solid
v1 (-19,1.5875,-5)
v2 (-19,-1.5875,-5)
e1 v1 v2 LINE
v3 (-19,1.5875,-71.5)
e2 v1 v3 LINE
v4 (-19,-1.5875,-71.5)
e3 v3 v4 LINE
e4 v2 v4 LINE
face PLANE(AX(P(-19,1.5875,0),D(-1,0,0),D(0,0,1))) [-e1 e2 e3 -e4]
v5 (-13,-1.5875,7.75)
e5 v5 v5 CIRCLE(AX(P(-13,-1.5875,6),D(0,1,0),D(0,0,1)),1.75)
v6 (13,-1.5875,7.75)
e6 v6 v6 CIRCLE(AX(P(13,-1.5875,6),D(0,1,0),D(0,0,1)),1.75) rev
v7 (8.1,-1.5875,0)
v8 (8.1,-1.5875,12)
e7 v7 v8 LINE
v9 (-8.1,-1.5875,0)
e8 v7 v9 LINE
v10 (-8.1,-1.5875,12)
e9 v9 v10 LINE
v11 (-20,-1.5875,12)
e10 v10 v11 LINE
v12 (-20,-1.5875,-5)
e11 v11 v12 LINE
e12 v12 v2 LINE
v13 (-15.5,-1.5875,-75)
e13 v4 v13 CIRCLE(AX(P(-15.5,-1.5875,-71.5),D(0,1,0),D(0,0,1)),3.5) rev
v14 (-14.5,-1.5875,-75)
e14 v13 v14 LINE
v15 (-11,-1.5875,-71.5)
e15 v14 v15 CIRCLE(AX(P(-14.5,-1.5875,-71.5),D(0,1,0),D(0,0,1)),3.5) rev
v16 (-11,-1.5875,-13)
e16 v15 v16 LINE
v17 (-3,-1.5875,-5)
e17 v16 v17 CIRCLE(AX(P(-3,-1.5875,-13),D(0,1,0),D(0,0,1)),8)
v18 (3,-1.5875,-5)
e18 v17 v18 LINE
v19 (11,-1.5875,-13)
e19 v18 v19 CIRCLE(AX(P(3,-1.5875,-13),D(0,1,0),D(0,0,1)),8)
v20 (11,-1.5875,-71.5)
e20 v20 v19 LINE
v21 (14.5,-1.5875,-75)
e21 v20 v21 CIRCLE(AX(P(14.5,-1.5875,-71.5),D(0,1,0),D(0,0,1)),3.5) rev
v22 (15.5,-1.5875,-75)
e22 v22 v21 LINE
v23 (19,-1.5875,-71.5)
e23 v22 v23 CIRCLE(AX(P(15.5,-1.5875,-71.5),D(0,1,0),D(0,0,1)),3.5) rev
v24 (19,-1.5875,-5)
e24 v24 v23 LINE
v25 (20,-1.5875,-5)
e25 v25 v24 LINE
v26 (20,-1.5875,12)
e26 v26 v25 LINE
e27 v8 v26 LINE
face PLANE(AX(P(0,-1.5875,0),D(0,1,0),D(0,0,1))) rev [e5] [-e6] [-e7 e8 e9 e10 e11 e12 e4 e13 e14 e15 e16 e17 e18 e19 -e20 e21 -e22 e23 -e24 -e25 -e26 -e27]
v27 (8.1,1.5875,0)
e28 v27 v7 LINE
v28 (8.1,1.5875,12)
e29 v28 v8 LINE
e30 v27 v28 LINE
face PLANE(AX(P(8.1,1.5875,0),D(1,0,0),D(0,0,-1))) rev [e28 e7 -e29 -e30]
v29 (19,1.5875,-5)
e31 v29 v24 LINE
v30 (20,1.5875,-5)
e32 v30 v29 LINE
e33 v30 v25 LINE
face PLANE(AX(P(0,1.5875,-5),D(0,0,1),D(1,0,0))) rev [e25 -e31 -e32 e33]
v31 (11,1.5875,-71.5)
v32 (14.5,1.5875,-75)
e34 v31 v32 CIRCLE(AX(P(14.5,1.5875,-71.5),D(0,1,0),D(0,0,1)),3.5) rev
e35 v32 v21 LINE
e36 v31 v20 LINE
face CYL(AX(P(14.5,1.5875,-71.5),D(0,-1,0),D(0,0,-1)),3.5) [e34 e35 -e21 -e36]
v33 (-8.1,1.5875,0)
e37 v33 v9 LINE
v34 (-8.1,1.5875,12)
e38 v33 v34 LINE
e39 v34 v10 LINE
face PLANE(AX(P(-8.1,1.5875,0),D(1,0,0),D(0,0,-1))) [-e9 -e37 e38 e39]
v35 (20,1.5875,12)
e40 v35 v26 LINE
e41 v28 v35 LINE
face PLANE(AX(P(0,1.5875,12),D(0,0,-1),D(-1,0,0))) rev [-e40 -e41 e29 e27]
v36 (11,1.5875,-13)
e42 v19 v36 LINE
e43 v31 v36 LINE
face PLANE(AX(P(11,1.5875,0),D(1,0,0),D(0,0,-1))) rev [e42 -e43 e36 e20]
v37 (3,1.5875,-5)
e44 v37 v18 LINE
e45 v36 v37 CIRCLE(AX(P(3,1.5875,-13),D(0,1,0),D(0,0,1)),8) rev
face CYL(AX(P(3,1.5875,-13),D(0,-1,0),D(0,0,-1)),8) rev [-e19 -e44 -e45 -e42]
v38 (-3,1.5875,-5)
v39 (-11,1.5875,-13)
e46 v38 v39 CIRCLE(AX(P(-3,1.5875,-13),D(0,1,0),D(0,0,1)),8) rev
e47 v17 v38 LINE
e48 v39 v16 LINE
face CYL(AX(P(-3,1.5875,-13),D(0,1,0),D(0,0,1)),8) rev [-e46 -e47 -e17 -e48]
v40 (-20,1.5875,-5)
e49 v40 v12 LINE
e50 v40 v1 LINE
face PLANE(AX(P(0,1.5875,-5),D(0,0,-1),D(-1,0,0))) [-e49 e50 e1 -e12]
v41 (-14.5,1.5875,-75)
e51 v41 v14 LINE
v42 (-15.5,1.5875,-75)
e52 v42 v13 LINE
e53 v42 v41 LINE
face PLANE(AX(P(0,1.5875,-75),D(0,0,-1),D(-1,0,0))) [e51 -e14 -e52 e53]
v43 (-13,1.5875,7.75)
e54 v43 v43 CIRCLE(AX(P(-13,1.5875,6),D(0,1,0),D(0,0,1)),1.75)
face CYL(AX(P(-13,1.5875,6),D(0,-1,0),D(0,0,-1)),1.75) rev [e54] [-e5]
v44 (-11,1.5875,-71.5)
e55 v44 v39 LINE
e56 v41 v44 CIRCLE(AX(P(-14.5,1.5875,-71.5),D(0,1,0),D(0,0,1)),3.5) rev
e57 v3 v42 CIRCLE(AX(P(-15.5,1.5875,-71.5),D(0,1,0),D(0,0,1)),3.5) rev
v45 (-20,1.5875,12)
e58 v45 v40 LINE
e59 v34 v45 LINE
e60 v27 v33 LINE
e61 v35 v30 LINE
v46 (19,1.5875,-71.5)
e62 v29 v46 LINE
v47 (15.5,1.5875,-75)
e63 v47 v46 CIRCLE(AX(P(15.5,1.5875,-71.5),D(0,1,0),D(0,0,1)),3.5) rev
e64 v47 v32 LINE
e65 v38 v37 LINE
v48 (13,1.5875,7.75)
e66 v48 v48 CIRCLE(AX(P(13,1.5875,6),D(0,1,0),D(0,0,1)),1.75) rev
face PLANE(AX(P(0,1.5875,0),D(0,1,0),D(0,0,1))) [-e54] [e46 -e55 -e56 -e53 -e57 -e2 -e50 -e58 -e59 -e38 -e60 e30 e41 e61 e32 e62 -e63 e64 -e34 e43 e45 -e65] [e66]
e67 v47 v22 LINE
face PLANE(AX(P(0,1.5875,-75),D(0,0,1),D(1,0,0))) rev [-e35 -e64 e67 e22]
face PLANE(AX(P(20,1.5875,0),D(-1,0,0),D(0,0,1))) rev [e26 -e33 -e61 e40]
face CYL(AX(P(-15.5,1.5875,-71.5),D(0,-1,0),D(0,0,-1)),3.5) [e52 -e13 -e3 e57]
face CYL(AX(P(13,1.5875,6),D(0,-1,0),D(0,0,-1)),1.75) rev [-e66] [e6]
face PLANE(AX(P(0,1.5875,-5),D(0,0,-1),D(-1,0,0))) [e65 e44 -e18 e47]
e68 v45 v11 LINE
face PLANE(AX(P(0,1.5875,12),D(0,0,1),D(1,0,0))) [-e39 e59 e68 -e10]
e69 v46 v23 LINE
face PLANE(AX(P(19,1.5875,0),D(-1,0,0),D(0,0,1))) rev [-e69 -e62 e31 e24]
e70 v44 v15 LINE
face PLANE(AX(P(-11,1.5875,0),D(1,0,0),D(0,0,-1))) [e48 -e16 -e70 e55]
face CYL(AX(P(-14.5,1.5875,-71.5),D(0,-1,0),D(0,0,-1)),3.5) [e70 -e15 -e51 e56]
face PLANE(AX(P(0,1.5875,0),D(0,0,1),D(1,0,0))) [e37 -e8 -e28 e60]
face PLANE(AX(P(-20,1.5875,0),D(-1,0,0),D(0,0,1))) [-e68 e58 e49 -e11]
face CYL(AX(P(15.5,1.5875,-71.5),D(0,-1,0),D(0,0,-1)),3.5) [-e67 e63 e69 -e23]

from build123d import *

# Parameters (mm, degrees)
CROQUIS1_R              = 1.75
SALIENTE_EXTRUIR1_DEPTH = 1.5875
REDONDEO1_R             = 8


with BuildPart() as part:
    # Croquis1 → Saliente-Extruir1 (new, symmetric)
    with BuildSketch(Plane(origin=(0, 0, 0), x_dir=(1, 0, 0), z_dir=(0, 1, 0))):
        with BuildLine():
            Line((8.1, 0), (-8.1, 0))
            Line((-8.1, 0), (-8.1, -12))
            Line((-8.1, -12), (-20, -12))
            Line((-20, -12), (-20, 5))
            Line((-20, 5), (-19, 5))
            Line((-19, 5), (-19, 71.5))
            ThreePointArc((-19, 71.5), (-17.974873734, 73.974873734), (-15.5, 75))
            Line((-15.5, 75), (-14.5, 75))
            ThreePointArc((-14.5, 75), (-12.025126266, 73.974873734), (-11, 71.5))
            Line((-11, 71.5), (-11, 5))
            Line((-11, 5), (11, 5))
            Line((11, 5), (11, 71.5))
            ThreePointArc((11, 71.5), (12.025126266, 73.974873734), (14.5, 75))
            Line((14.5, 75), (15.5, 75))
            ThreePointArc((15.5, 75), (17.974873734, 73.974873734), (19, 71.5))
            Line((19, 71.5), (19, 5))
            Line((19, 5), (20, 5))
            Line((20, 5), (20, -12))
            Line((20, -12), (8.1, -12))
            Line((8.1, -12), (8.1, 0))
        make_face()
        with Locations(Location((-13, -6, 0), (0, 0, 270))):
            Circle(CROQUIS1_R, mode=Mode.SUBTRACT)
        with Locations(Location((13, -6, 0), (0, 0, 270))):
            Circle(CROQUIS1_R, mode=Mode.SUBTRACT)
    extrude(amount=SALIENTE_EXTRUIR1_DEPTH, both=True)

    # Redondeo1
    redondeo1_edges = [part.edges().sort_by_distance(p)[0] for p in [
        (-11, 0, -5),
        (11, 0, -5),
    ]]
    fillet(redondeo1_edges, radius=REDONDEO1_R)


solid = part.part
